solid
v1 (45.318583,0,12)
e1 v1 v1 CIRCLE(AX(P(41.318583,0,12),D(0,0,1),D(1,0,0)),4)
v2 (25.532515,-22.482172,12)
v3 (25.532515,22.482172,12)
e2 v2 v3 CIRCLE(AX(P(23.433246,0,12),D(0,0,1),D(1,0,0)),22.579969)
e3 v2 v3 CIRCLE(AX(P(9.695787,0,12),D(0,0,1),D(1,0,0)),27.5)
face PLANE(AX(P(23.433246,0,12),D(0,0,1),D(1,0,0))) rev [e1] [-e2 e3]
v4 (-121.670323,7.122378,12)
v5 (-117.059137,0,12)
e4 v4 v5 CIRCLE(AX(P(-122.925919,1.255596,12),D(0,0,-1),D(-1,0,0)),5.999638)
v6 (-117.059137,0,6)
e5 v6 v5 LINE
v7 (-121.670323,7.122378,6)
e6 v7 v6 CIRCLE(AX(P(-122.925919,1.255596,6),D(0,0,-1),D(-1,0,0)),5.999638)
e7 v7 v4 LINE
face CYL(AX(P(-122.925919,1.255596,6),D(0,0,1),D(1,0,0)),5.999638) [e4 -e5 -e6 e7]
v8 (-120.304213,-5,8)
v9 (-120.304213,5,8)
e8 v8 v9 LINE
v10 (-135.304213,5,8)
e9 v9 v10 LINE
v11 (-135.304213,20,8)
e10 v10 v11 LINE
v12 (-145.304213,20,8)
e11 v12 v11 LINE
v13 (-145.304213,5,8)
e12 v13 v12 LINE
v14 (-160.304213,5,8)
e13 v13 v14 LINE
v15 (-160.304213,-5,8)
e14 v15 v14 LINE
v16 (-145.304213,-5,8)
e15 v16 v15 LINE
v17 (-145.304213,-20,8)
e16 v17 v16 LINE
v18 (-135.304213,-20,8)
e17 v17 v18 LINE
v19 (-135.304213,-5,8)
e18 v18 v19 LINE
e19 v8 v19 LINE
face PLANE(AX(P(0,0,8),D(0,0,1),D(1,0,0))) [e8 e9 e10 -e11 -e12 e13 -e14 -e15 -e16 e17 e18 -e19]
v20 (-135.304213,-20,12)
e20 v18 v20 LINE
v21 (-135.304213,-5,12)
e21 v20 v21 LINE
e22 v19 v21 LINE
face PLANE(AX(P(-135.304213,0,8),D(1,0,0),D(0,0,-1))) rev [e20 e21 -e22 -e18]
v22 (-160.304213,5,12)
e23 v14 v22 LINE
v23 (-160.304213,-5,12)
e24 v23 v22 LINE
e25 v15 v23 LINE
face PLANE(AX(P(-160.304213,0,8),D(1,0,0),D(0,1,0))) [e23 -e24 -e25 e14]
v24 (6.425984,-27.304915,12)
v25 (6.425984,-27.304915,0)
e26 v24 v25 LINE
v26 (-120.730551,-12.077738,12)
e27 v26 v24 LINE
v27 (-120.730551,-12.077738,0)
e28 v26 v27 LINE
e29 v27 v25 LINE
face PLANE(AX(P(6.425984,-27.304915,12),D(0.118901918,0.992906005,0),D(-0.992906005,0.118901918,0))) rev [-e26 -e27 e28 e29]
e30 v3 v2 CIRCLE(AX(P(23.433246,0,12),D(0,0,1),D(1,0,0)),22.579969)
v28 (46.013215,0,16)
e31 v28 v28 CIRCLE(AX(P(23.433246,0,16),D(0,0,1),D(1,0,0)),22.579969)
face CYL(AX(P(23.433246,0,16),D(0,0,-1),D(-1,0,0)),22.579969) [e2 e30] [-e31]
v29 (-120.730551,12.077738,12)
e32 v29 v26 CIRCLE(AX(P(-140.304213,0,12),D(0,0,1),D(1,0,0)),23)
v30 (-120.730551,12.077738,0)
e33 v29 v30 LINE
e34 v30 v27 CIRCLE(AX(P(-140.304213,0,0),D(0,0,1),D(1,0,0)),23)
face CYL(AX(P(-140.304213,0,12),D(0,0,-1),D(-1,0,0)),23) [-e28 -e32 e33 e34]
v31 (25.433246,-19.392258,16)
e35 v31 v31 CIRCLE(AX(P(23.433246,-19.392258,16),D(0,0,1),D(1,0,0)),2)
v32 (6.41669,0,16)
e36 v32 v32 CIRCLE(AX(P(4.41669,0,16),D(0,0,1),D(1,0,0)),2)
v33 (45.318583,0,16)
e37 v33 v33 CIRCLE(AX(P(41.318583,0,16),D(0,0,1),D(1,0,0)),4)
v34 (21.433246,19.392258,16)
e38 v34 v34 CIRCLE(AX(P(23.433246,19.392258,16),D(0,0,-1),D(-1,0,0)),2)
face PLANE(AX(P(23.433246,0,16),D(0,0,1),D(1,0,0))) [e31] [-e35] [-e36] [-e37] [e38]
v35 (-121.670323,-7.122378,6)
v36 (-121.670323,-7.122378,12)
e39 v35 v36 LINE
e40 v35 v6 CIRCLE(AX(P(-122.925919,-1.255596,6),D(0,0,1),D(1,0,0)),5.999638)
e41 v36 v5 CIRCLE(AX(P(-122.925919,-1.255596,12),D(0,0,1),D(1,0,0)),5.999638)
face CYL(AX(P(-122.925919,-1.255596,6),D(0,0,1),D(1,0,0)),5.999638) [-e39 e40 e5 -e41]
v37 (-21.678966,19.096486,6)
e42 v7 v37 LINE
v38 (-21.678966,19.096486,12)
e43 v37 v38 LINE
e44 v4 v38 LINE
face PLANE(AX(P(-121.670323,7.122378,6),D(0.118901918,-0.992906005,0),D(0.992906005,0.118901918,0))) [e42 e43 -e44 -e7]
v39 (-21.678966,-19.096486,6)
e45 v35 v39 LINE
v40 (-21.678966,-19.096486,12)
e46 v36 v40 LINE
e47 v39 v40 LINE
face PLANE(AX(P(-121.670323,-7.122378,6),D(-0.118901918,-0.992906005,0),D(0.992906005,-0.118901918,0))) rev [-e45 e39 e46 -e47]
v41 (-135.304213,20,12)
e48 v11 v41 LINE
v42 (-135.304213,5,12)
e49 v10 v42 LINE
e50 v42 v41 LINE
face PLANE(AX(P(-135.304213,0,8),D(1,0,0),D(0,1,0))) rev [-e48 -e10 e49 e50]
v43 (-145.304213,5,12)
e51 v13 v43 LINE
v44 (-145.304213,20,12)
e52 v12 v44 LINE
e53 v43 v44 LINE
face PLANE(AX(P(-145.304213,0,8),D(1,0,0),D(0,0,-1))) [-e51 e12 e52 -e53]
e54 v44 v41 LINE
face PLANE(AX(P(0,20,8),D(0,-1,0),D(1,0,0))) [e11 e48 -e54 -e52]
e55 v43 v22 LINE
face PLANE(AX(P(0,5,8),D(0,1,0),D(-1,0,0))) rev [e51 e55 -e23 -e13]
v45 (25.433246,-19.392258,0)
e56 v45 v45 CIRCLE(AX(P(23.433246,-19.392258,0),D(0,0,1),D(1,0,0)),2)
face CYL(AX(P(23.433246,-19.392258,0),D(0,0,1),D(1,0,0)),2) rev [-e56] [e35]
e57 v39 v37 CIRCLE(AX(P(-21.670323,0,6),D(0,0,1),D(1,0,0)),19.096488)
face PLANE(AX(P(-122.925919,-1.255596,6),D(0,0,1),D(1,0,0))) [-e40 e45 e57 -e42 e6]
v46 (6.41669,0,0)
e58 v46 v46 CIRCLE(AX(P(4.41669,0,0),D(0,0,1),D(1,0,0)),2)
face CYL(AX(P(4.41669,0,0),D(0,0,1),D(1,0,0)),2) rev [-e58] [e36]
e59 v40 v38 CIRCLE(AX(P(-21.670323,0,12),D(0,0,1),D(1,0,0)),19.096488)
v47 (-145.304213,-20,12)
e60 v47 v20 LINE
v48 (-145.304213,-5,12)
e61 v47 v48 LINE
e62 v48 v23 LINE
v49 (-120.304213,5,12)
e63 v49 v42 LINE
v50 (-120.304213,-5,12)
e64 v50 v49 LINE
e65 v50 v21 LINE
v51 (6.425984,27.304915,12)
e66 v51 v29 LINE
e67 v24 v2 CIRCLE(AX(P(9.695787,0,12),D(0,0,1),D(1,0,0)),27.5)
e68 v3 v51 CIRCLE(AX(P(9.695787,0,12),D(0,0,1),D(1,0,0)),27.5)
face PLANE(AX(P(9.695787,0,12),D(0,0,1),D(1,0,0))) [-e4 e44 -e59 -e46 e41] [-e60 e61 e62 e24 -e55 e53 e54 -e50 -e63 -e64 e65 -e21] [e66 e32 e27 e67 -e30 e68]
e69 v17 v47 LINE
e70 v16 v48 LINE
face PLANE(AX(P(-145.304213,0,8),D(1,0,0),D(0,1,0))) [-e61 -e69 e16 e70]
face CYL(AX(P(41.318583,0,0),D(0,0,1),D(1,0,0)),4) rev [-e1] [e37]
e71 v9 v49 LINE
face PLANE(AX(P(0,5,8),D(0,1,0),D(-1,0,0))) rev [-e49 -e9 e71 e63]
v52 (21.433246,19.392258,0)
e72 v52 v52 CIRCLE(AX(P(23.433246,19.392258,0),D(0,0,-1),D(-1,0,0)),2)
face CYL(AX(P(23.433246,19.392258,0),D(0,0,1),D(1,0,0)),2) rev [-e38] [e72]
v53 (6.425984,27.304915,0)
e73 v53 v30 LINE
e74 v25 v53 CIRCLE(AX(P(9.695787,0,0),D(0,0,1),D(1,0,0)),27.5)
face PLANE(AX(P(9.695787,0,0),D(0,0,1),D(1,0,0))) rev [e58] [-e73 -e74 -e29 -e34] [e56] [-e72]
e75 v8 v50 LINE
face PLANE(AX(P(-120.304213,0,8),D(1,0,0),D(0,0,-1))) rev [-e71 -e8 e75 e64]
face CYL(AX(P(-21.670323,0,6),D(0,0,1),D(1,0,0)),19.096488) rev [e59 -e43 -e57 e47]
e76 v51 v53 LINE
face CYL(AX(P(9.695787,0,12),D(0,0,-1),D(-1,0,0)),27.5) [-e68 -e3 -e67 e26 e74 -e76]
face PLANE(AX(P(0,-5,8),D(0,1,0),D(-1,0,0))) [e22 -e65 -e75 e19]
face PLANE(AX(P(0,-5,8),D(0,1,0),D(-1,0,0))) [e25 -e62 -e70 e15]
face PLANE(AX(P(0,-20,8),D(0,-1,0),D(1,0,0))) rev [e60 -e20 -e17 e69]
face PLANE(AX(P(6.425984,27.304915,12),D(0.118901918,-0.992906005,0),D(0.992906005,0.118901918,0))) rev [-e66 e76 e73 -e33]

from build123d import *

# Parameters (mm, degrees)
BOSS_EXTRUDE1_DEPTH     = 12
CUT_EXTRUDE1_DEPTH      = 6
SKETCH5_R               = 22.579968686
BOSS_EXTRUDE2_DEPTH     = 4
SKETCH6_R               = 2
CUT_EXTRUDE3_DEPTH      = 16
SKETCH6_3_R             = 2
CUT_EXTRUDE5_DEPTH      = 16
SKETCH8_R               = 4
CUT_EXTRUDE8_DEPTH      = 1
CUT_EXTRUDE8_DEPTH_BACK = 17
CUT_EXTRUDE9_DEPTH      = 4


with BuildPart() as part:
    # Sketch1 → Boss-Extrude1 (new body)
    with BuildSketch(Plane.XY):
        with BuildLine():
            Line((6.425984457, 27.304915127), (-120.730550627, 12.077737738))
            ThreePointArc((-120.730550627, 12.077737738), (-163.304212807, 0), (-120.730550627, -12.077737738))
            Line((-120.730550627, -12.077737738), (6.425984457, -27.304915127))
            ThreePointArc((6.425984457, -27.304915127), (37.195787193, 0), (6.425984457, 27.304915127))
        make_face()
    extrude(amount=BOSS_EXTRUDE1_DEPTH)

    # Sketch3 → Cut-Extrude1 (cut)
    with BuildSketch(Plane.XY.offset(12)):
        with BuildLine():
            Line((-121.670322635, 7.122377923), (-21.678965717, 19.096486278))
            ThreePointArc((-21.678965717, 19.096486278), (-2.5738344, 0), (-21.678965717, -19.096486278))
            Line((-21.678965717, -19.096486278), (-121.670322635, -7.122377923))
            ThreePointArc((-121.670322635, -7.122377923), (-117.889637025, -4.516196787), (-117.059136947, 0))
            ThreePointArc((-117.059136947, 0), (-117.889637025, 4.516196787), (-121.670322635, 7.122377923))
        make_face()
    extrude(amount=-CUT_EXTRUDE1_DEPTH, mode=Mode.SUBTRACT)

    # Sketch5 → Boss-Extrude2 (add)
    with BuildSketch(Plane.XY.offset(12)):
        with Locations((23.433246409, 0)):
            Circle(SKETCH5_R)
    extrude(amount=BOSS_EXTRUDE2_DEPTH)

    # Sketch6 → Cut-Extrude3 (cut)
    with BuildSketch(Plane.XY.offset(16)):
        with Locations((4.416689948, 0)):
            Circle(SKETCH6_R)
    extrude(amount=-CUT_EXTRUDE3_DEPTH, mode=Mode.SUBTRACT)

    # Sketch6<3> → Cut-Extrude5 (cut)
    with BuildSketch(Plane.XY.offset(16)):
        with Locations((23.433246409, -19.392257926)):
            Circle(SKETCH6_3_R)
        with Locations((42.449802871, 0)):
            Circle(SKETCH6_3_R)
        with Locations((23.433246409, 19.392257926)):
            Circle(SKETCH6_3_R)
    extrude(amount=-CUT_EXTRUDE5_DEPTH, mode=Mode.SUBTRACT)

    # Sketch8 → Cut-Extrude8 (cut, two sides)
    with BuildSketch(Plane.XY.offset(16)) as cut_extrude8_sk:
        with Locations((41.318582697, 0)):
            Circle(SKETCH8_R)
    extrude(amount=CUT_EXTRUDE8_DEPTH, mode=Mode.SUBTRACT)
    extrude(cut_extrude8_sk.sketch, amount=-CUT_EXTRUDE8_DEPTH_BACK, mode=Mode.SUBTRACT)

    # Sketch10 → Cut-Extrude9 (cut)
    with BuildSketch(Plane.XY.offset(12)):
        Polygon((-120.304212807, 5), (-135.304212807, 5), (-135.304212807, 20), (-145.304212807, 20), (-145.304212807, 5), (-160.304212807, 5), (-160.304212807, -5), (-145.304212807, -5), (-145.304212807, -20), (-135.304212807, -20), (-135.304212807, -5), (-120.304212807, -5), align=None)
    extrude(amount=-CUT_EXTRUDE9_DEPTH, mode=Mode.SUBTRACT)


solid = part.part
